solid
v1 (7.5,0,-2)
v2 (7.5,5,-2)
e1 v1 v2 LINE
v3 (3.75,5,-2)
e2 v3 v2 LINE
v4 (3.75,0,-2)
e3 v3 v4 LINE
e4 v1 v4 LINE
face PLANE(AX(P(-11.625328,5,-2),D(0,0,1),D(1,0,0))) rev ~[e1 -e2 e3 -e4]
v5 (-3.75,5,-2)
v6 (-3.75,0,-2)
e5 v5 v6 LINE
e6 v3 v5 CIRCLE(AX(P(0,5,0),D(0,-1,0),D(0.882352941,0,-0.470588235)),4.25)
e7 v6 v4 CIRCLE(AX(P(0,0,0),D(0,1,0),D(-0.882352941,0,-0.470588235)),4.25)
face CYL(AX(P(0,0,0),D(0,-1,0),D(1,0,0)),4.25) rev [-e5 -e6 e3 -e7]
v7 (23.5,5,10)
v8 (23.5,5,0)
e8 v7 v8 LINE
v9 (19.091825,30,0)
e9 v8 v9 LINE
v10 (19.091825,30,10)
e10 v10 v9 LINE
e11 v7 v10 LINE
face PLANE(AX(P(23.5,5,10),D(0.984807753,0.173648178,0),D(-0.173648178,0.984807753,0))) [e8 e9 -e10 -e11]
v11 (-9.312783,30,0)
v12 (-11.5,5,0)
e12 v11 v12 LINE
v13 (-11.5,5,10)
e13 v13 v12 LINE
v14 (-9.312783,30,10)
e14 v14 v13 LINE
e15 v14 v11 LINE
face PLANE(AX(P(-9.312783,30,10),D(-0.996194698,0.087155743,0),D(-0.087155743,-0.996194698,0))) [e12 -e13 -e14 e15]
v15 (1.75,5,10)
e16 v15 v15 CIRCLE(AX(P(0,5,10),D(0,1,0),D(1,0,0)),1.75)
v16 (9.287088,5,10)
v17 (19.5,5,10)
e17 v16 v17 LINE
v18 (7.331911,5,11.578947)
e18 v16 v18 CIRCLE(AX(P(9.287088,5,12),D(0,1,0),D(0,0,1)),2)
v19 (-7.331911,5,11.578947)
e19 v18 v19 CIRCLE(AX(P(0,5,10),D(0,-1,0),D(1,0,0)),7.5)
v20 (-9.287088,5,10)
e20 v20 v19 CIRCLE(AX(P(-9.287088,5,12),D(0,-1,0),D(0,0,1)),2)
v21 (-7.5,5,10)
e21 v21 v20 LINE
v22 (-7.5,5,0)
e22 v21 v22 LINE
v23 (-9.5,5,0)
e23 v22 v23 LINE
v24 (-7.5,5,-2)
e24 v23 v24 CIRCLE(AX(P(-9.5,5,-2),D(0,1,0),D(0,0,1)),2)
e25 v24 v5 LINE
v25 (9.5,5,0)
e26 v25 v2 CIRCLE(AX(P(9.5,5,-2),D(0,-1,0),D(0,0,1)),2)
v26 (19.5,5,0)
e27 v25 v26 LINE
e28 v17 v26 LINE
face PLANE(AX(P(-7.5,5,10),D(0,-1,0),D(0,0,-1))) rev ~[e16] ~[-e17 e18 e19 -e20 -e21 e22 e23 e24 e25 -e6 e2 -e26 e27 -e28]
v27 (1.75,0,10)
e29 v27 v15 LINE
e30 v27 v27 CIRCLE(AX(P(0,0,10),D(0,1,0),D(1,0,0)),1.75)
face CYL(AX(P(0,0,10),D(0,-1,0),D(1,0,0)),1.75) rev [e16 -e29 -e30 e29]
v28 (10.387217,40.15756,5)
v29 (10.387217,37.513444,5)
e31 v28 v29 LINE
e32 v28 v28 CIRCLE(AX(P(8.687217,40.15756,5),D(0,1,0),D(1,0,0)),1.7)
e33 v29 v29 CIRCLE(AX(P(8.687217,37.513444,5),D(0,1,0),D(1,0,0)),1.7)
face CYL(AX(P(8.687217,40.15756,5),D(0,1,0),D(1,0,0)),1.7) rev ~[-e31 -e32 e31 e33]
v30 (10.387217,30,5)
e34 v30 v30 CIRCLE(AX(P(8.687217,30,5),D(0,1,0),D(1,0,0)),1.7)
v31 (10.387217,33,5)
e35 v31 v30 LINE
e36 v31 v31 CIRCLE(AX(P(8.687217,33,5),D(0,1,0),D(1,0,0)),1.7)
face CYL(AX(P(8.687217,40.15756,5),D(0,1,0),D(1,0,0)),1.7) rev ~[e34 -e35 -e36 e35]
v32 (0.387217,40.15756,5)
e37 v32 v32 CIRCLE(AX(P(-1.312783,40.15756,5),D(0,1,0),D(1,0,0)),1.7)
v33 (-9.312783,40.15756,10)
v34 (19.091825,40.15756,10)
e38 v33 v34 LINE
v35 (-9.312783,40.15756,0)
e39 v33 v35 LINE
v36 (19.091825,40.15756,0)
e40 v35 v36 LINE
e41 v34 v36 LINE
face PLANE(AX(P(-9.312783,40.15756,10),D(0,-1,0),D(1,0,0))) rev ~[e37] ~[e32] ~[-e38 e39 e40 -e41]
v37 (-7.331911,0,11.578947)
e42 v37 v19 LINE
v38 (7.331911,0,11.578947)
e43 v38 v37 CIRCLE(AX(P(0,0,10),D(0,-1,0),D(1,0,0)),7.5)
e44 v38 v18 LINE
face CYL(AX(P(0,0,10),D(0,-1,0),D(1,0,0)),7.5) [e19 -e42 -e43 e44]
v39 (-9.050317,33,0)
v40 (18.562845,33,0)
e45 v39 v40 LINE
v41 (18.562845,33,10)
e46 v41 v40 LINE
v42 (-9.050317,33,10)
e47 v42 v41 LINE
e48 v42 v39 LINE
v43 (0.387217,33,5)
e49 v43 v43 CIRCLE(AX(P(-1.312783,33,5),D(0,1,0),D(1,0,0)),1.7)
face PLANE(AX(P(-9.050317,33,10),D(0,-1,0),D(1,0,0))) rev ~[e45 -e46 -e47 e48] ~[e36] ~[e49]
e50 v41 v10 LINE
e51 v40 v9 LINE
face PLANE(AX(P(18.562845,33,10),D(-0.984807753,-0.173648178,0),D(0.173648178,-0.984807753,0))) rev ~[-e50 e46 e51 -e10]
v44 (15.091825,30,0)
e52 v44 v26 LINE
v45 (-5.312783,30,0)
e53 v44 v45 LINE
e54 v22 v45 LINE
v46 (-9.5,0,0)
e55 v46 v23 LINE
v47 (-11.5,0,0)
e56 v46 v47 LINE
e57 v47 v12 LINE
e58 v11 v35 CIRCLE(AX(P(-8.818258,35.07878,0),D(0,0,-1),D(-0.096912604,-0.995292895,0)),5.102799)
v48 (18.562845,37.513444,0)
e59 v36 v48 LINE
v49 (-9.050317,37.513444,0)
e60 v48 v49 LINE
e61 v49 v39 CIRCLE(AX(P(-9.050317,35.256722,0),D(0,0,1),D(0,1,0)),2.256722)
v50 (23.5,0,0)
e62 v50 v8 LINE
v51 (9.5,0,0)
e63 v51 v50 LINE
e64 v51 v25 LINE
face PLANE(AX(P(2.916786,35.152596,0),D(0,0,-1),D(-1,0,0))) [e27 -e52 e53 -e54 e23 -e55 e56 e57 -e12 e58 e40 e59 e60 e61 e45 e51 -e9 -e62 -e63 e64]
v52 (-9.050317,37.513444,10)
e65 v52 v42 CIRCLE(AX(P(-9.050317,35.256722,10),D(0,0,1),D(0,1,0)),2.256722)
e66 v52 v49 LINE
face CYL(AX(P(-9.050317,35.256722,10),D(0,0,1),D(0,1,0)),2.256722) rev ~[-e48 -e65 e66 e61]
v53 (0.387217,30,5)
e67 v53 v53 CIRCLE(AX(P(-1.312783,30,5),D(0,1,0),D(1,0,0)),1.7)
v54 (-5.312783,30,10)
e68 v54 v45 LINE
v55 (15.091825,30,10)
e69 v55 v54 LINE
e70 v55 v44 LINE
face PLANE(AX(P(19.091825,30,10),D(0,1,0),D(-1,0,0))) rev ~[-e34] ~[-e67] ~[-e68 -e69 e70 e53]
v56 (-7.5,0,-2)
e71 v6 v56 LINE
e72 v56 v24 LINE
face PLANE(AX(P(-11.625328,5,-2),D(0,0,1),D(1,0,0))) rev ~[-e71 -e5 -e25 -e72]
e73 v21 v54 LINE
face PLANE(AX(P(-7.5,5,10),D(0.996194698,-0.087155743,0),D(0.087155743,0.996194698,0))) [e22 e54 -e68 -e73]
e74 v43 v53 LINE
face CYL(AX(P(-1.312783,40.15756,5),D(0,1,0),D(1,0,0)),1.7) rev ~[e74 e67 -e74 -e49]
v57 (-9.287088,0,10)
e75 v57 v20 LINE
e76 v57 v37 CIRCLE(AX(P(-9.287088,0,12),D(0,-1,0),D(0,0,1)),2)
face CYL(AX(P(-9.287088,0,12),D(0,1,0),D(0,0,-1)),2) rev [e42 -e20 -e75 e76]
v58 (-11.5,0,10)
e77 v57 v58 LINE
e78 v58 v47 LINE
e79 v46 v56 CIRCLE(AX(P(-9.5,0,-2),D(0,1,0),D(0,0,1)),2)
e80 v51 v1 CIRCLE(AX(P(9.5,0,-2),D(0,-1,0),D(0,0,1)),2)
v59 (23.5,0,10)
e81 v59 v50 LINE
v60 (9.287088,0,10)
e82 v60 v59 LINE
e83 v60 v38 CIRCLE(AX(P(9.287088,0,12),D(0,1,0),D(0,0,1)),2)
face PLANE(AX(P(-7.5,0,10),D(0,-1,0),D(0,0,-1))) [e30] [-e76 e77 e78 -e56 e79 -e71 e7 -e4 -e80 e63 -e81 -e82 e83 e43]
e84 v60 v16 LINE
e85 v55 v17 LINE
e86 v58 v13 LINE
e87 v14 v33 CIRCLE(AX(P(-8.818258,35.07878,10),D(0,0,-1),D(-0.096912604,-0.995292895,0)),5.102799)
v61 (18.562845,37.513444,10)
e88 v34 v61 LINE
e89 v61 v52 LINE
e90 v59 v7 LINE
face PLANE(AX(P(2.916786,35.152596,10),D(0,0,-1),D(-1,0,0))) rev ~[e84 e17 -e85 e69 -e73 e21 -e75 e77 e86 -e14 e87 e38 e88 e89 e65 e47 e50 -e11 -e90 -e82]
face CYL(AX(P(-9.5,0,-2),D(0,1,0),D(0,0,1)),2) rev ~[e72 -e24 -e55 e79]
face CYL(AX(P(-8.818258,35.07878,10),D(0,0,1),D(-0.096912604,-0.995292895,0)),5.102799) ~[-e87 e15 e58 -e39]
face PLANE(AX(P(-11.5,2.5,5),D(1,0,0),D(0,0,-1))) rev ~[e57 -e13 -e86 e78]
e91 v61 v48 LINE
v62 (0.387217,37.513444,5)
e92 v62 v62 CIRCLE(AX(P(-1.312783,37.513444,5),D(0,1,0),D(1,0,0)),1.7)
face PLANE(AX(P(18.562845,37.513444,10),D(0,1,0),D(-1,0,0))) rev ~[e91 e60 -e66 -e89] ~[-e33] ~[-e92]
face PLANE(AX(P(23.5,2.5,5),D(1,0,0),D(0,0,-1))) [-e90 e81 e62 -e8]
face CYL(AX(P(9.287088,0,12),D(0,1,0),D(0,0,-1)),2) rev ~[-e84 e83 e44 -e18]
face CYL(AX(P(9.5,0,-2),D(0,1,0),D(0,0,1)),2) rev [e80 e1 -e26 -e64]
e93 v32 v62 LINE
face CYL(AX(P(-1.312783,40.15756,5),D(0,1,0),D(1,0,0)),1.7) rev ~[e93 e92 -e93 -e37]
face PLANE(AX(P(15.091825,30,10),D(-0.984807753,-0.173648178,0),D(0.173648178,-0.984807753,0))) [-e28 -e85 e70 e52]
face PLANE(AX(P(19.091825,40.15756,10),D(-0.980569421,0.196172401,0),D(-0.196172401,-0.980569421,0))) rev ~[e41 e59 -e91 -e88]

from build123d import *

# Parameters (mm, degrees)
SKETCH1_R           = 4.25
SKETCH1_R_2         = 1.75
BOSS_EXTRUDE1_DEPTH = 5
SKETCH2_W           = 10
SKETCH2_H           = 5
BOSS_EXTRUDE2_DEPTH = 16
BOSS_EXTRUDE4_START = -15
SKETCH2_2_W         = 10
SKETCH2_2_H         = 5
BOSS_EXTRUDE4_DEPTH = 4
BOSS_EXTRUDE5_DEPTH = 10
BOSS_EXTRUDE6_DEPTH = 10
FILLET7_R           = 2
SKETCH8_W           = 24.049628059
SKETCH8_H           = 16.756852772
CUT_EXTRUDE1_DEPTH  = 6
SKETCH9_R           = 1.7
CUT_EXTRUDE2_DEPTH  = 10.15756


with BuildPart() as part:
    # Sketch1 → Boss-Extrude1 (new body)
    with BuildSketch(Plane(origin=(0, 0, 0), x_dir=(1, 0, 0), z_dir=(0, 1, 0))):
        with BuildLine():
            Line((-7.5, -10), (-7.5, 10))
            ThreePointArc((-7.5, 10), (0, 17.5), (7.5, 10))
            Line((7.5, 10), (7.5, -10))
            ThreePointArc((7.5, -10), (0, -17.5), (-7.5, -10))
        make_face()
        Circle(SKETCH1_R, mode=Mode.SUBTRACT)
        with Locations((0, 10)):
            Circle(SKETCH1_R_2, mode=Mode.SUBTRACT)
        with Locations((0, -10)):
            Circle(SKETCH1_R_2, mode=Mode.SUBTRACT)
    extrude(amount=BOSS_EXTRUDE1_DEPTH)

    # Sketch2 → Boss-Extrude2 (add)
    with BuildSketch(Plane(origin=(7.5, 0, 0), x_dir=(0, 0, -1), z_dir=(1, 0, 0))):
        with Locations((-5, 2.5)):
            Rectangle(SKETCH2_W, SKETCH2_H)
    extrude(amount=BOSS_EXTRUDE2_DEPTH)

    # Sketch2_2 → Boss-Extrude4 (add)
    with BuildSketch(Plane(origin=(7.5, 0, 0), x_dir=(0, 0, -1), z_dir=(1, 0, 0)).offset(BOSS_EXTRUDE4_START)):
        with Locations((-5, 2.5)):
            Rectangle(SKETCH2_2_W, SKETCH2_2_H)
    extrude(amount=-BOSS_EXTRUDE4_DEPTH)

    # Sketch4 → Boss-Extrude5 (add)
    with BuildSketch(Plane.XY.offset(10)):
        Polygon((-9.312783412, 30), (-11.5, 5), (-7.5, 5), (-5.312783412, 30), align=None)
        Polygon((15.091825482, 30), (19.5, 5), (23.5, 5), (19.091825482, 30), align=None)
    extrude(amount=-BOSS_EXTRUDE5_DEPTH)

    # Sketch5 → Boss-Extrude6 (add)
    with BuildSketch(Plane.XY.offset(10)):
        with BuildLine():
            Line((19.091825482, 30), (-9.312783412, 30))
            ThreePointArc((-9.312783412, 30), (-13.921057054, 35.078779792), (-9.312783412, 40.157559584))
            Line((-9.312783412, 40.157559584), (19.091825482, 40.157559584))
            Line((19.091825482, 40.157559584), (18.56284454, 37.513443833))
            Line((18.56284454, 37.513443833), (-9.050317421, 37.513443833))
            ThreePointArc((-9.050317421, 37.513443833), (-11.307039338, 35.256721917), (-9.050317421, 33))
            Line((-9.050317421, 33), (18.56284454, 33))
            Line((18.56284454, 33), (19.091825482, 30))
        make_face()
    extrude(amount=-BOSS_EXTRUDE6_DEPTH)

    # Fillet7
    fillet7_edges = [part.edges().sort_by_distance(p)[0] for p in [
        (7.5, 2.5, 0),
        (-7.5, 2.5, 0),
        (-7.5, 2.5, 10),
        (7.5, 2.5, 10),
    ]]
    fillet(fillet7_edges, radius=FILLET7_R)

    # Sketch8 → Cut-Extrude1 (cut, through all)
    with BuildSketch(Plane(origin=(0, 5, 0), x_dir=(1, 0, 0), z_dir=(0, 1, 0))):
        with Locations((0.399485588, 10.378426386)):
            Rectangle(SKETCH8_W, SKETCH8_H)
    extrude(amount=-CUT_EXTRUDE1_DEPTH, mode=Mode.SUBTRACT)

    # Sketch9 → Cut-Extrude2 (cut)
    with BuildSketch(Plane(origin=(0, 40.157559584, 0), x_dir=(1, 0, 0), z_dir=(0, 1, 0))):
        with Locations((-1.312783412, -5)):
            Circle(SKETCH9_R)
        with Locations((8.687216588, -5)):
            Circle(SKETCH9_R)
    extrude(amount=-CUT_EXTRUDE2_DEPTH, mode=Mode.SUBTRACT)


solid = part.part
